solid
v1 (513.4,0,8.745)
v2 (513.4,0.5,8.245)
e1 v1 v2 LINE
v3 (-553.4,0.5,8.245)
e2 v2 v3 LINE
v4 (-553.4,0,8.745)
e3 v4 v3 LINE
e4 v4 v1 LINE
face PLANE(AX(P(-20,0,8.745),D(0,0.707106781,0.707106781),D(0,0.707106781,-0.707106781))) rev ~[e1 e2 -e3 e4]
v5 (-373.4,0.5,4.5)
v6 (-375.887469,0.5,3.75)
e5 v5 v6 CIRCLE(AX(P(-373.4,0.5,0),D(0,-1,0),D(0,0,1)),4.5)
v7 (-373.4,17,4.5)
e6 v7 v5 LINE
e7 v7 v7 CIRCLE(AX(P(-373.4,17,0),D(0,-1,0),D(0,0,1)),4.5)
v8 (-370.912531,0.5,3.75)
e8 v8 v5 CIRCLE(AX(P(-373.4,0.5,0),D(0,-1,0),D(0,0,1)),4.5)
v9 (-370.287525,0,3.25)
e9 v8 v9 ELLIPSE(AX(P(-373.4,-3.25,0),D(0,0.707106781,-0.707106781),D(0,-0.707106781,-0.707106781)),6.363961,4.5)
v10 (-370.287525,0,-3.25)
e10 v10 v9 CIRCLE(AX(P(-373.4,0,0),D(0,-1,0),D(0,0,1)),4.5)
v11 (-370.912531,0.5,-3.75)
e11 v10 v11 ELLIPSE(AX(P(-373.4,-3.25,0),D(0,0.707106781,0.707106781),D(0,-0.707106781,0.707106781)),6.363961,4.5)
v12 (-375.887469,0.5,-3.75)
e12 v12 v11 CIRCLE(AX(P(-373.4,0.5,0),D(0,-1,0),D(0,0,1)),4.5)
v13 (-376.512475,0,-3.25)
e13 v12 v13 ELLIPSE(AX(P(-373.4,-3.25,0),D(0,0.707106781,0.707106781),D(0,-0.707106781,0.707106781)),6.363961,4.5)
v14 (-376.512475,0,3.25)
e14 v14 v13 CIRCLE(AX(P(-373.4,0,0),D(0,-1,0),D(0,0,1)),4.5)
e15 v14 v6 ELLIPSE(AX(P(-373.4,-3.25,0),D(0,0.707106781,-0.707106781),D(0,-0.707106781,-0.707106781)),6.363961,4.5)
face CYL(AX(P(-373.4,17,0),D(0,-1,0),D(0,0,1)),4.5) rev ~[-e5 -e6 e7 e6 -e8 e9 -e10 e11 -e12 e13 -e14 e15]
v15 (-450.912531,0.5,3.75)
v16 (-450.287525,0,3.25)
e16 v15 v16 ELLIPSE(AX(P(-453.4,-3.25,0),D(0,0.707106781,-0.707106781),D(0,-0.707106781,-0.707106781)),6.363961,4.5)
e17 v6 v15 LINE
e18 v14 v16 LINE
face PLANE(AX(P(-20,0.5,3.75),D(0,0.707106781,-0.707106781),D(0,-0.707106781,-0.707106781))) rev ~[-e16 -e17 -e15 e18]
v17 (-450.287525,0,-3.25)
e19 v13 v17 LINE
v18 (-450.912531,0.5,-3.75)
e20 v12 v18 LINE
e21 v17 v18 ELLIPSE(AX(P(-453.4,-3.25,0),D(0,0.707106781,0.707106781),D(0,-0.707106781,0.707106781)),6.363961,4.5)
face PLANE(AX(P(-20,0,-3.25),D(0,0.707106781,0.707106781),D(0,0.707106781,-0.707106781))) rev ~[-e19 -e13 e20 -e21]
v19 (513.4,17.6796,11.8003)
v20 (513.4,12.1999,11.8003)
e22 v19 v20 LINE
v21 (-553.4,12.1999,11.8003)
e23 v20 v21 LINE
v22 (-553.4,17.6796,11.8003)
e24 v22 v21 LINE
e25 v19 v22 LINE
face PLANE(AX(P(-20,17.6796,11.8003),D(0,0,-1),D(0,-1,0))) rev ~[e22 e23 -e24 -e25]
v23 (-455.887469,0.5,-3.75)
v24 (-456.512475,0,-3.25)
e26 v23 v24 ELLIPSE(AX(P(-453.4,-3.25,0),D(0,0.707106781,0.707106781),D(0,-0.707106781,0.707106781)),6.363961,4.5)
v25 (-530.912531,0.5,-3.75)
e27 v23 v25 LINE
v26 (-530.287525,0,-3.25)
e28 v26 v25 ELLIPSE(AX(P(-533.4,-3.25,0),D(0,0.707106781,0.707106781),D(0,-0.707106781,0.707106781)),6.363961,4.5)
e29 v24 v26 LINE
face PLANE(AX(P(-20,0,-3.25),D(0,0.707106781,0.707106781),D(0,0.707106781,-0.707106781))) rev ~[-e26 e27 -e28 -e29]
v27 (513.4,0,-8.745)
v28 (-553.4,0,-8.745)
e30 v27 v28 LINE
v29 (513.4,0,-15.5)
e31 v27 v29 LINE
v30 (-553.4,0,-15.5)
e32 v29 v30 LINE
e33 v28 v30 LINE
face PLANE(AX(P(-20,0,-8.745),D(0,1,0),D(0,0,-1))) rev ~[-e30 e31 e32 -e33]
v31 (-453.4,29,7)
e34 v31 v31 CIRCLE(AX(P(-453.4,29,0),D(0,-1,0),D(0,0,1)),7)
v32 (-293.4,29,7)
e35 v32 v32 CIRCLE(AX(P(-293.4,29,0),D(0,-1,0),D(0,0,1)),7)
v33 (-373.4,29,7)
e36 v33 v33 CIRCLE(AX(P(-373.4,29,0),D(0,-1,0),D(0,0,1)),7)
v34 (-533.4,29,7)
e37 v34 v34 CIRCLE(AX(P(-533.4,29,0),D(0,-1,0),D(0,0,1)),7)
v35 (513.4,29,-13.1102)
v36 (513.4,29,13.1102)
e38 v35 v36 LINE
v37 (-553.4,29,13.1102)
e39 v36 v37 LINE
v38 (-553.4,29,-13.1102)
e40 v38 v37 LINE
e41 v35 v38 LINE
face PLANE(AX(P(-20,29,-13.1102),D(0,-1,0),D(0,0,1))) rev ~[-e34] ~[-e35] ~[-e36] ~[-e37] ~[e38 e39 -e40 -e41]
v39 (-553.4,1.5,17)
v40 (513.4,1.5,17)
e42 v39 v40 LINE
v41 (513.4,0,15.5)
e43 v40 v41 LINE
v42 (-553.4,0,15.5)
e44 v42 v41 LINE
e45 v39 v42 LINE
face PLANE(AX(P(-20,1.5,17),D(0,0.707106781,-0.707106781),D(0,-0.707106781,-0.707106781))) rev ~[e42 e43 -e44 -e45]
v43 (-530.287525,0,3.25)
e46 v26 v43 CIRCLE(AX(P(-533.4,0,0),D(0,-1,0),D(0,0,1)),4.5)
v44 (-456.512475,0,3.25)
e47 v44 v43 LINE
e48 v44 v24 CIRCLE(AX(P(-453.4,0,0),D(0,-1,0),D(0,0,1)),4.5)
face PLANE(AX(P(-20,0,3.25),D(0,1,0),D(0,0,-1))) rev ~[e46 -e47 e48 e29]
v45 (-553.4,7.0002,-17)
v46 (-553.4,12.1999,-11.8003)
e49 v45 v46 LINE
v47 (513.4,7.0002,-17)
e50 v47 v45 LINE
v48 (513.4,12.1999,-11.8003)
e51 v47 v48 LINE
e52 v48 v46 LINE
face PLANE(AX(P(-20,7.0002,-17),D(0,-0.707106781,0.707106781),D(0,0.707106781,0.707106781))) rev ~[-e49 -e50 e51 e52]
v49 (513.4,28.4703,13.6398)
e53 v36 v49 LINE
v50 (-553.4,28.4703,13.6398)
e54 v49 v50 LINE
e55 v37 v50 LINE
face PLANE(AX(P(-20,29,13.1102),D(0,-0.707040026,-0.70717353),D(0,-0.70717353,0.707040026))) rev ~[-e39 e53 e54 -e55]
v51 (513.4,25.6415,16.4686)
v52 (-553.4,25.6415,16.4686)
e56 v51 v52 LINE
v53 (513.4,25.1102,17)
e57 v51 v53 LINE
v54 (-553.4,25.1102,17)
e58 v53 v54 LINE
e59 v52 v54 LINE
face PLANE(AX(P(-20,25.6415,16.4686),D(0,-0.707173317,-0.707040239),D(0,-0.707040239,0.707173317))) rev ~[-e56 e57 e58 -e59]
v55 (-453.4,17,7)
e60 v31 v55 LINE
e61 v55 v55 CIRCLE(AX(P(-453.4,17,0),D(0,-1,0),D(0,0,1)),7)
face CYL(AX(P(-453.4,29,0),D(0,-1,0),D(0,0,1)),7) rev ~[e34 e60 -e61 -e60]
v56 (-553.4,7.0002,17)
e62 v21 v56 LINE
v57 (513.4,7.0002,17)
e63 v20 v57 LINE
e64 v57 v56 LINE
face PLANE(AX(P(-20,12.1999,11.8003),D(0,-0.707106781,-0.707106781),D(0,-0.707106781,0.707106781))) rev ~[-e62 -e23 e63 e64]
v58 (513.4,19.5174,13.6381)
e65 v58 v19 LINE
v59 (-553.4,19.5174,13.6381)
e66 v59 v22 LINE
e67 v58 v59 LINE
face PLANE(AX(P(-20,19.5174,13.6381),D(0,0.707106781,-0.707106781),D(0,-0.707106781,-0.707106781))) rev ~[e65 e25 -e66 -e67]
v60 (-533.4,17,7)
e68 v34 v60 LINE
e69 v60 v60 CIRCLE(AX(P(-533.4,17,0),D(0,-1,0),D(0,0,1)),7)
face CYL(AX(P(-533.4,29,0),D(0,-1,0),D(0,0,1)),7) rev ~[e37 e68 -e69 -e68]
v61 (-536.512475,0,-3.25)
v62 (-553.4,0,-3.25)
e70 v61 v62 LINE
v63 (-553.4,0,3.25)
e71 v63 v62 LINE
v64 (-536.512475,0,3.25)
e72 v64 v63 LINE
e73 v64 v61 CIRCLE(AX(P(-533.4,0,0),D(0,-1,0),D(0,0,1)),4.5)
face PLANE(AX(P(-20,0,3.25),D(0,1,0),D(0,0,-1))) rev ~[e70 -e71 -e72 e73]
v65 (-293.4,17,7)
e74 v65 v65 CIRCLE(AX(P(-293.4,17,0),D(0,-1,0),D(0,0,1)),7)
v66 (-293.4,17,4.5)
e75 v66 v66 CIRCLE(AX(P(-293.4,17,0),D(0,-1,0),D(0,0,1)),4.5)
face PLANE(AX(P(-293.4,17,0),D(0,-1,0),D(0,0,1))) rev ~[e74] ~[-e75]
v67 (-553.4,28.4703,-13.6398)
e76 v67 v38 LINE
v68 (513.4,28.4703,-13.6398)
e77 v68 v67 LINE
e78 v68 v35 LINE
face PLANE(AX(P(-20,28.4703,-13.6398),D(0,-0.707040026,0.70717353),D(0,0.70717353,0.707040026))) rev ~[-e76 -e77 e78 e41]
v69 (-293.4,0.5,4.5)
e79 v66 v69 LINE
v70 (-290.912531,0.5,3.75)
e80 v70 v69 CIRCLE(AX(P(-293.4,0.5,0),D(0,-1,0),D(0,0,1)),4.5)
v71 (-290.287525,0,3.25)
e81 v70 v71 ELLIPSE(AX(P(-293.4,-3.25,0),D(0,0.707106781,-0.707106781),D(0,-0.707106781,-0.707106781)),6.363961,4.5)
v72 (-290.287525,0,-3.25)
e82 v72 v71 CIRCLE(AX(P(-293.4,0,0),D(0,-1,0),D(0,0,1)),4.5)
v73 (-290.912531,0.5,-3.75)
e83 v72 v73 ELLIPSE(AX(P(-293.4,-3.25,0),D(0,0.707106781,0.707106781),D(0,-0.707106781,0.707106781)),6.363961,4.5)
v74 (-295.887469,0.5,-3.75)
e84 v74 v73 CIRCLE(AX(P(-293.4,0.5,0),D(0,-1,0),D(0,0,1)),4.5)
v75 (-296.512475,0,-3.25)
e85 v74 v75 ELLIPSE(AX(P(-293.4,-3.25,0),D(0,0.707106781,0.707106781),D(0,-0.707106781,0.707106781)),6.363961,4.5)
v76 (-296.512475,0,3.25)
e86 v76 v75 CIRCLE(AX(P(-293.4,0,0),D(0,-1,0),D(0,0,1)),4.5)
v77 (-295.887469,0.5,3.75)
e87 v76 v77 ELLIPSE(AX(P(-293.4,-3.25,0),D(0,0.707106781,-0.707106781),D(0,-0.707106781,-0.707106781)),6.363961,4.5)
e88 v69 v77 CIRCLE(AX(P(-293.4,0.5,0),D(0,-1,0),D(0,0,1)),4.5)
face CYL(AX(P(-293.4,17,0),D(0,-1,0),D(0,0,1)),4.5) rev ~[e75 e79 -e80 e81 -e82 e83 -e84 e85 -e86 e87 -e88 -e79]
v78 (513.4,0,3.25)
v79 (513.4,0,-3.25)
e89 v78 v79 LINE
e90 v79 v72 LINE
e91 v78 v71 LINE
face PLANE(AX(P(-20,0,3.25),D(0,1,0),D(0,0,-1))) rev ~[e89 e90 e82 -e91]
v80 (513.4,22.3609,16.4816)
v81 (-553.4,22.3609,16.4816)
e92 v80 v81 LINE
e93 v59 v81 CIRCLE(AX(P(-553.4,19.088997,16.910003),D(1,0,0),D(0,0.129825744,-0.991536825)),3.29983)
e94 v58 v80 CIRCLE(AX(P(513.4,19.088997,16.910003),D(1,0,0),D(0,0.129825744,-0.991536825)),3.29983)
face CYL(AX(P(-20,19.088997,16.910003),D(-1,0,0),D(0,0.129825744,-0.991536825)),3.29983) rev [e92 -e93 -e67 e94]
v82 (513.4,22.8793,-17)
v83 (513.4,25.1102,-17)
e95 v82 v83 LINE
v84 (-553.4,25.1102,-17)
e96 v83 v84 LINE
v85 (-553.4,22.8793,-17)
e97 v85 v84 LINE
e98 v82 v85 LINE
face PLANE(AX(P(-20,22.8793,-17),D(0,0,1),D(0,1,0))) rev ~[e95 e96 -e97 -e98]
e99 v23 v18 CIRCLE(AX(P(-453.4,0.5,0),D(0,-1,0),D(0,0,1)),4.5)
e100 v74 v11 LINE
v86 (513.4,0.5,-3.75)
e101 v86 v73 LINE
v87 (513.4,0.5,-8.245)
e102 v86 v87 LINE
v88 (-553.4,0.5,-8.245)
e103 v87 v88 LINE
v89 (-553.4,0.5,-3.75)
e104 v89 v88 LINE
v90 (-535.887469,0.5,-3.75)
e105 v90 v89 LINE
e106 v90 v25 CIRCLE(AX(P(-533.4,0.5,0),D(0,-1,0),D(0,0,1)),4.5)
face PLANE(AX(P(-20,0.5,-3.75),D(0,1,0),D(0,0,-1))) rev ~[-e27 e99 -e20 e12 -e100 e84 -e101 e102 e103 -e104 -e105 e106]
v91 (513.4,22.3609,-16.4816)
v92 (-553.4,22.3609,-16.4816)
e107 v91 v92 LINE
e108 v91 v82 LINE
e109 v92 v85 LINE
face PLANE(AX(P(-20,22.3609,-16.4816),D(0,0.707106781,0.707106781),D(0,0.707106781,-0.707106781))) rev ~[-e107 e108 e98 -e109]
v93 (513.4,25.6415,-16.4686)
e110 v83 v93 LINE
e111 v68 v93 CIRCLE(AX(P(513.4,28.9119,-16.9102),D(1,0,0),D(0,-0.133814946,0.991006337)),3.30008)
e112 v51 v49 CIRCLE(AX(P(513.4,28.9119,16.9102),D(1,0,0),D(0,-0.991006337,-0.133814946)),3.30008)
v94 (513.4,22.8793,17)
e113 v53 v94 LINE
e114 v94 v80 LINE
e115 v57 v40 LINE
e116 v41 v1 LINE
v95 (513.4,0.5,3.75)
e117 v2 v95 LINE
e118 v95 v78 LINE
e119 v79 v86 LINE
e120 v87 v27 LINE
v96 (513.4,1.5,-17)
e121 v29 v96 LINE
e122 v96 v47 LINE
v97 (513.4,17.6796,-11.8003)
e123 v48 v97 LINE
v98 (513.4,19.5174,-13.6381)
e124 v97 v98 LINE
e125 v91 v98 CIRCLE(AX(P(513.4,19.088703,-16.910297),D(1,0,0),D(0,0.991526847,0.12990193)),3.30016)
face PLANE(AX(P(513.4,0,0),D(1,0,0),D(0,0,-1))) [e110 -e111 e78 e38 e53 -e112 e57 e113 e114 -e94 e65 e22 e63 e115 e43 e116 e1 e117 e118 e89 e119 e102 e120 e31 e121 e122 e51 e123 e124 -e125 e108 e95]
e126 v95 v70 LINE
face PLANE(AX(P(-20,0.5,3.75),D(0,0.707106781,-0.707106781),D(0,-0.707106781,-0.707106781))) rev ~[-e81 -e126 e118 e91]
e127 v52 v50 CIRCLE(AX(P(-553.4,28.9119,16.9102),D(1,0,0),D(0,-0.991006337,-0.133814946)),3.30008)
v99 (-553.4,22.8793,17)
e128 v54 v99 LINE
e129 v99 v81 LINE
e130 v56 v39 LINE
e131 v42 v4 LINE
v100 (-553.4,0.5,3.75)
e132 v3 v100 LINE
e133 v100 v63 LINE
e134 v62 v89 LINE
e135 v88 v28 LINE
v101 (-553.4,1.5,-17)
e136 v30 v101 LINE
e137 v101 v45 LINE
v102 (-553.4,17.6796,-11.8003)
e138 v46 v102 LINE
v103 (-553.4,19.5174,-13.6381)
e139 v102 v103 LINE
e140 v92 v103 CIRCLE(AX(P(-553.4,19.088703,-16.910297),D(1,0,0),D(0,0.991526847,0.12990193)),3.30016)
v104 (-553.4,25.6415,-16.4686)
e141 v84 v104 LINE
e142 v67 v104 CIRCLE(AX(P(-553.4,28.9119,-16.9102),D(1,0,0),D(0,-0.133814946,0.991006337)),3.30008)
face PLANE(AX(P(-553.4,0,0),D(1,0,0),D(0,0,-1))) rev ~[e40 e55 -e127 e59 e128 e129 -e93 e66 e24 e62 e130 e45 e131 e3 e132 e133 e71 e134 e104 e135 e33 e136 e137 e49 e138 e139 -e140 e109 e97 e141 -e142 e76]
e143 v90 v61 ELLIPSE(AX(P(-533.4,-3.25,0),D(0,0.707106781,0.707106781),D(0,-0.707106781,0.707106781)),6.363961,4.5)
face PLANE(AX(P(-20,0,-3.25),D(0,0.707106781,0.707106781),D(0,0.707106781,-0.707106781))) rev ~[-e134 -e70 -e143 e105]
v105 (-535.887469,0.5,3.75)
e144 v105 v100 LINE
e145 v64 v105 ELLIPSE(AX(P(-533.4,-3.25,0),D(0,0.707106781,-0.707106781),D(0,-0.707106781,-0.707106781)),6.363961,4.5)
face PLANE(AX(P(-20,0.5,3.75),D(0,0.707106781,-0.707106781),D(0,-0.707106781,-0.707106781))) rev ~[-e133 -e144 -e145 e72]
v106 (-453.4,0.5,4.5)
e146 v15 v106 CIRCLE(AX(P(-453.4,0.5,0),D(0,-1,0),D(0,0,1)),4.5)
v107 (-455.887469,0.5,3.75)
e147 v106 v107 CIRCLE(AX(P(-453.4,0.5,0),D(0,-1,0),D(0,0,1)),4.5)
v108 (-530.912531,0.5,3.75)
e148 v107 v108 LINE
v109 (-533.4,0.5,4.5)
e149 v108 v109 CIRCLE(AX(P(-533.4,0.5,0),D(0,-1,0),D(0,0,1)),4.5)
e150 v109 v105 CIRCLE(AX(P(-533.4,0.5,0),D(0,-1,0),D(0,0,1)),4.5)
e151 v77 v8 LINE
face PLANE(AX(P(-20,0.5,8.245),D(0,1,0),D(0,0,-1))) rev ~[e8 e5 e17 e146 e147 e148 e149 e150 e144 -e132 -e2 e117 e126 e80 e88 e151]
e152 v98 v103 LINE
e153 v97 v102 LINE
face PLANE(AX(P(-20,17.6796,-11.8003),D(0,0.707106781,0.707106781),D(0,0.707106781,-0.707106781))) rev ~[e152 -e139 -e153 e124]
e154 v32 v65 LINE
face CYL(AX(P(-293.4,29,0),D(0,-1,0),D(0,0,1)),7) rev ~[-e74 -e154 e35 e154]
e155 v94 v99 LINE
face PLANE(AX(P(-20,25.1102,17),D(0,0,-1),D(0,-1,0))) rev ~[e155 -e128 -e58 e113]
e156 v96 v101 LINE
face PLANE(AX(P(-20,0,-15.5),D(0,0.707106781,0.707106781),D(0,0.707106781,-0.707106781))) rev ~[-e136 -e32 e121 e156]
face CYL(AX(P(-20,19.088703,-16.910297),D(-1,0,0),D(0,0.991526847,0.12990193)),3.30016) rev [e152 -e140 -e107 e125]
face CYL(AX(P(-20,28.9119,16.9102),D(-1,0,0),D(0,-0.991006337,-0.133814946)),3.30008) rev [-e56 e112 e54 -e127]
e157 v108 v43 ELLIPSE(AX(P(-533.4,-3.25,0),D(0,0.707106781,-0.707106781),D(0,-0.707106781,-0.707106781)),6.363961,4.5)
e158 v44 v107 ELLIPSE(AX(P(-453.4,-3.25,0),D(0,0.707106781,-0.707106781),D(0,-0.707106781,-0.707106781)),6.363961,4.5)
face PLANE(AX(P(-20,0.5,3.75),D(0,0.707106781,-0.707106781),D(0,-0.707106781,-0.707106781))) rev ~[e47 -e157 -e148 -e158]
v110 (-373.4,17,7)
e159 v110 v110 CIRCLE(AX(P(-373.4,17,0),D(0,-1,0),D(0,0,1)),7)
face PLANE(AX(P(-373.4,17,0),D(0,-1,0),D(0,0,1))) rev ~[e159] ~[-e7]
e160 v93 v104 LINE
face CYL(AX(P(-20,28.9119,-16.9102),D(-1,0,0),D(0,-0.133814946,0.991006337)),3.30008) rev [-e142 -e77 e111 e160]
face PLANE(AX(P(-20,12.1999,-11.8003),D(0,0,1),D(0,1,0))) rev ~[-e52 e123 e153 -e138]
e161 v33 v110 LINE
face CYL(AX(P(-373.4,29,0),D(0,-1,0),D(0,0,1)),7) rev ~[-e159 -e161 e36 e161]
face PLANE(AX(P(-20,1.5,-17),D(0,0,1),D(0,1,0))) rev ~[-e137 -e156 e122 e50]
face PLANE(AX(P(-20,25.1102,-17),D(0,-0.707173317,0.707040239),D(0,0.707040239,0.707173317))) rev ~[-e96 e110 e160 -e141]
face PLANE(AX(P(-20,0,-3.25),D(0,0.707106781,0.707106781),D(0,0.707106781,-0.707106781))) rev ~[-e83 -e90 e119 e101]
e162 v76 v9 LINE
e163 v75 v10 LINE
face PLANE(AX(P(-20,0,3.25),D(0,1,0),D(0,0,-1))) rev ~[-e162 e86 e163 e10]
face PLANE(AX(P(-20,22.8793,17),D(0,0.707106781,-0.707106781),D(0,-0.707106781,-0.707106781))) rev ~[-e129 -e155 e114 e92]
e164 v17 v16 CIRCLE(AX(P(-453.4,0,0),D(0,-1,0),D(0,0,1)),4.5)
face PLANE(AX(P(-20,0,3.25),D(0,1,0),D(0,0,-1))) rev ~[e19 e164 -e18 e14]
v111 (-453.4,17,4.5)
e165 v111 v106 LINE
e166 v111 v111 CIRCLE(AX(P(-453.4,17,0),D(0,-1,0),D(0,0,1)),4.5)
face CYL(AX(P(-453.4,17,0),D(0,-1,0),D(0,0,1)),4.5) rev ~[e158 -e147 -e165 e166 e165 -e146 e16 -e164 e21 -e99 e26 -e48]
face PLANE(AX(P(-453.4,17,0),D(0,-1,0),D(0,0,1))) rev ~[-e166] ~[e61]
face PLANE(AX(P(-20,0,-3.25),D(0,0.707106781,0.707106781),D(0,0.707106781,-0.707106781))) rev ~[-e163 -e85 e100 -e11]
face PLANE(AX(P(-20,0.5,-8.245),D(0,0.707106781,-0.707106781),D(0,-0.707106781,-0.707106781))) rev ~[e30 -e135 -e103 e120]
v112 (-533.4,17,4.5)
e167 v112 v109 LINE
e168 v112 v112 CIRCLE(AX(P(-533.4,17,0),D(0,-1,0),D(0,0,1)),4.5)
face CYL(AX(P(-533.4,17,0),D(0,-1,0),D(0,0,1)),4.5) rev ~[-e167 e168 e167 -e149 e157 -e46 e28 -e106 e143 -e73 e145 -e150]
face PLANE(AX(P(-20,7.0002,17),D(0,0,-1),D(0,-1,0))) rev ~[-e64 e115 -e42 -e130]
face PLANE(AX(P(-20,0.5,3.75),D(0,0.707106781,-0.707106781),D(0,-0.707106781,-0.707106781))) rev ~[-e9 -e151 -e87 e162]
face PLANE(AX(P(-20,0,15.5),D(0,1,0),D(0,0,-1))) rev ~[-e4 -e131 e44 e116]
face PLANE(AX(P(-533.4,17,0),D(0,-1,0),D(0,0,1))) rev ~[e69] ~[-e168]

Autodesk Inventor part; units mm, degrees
sketch "Sketch_18" plane through (-20, 0, 0) normal (1, 0, 0) x (0, 0, -1)
  line L0 (-17, 1.5) -> (-15.5, 0)
  line L1 (-15.5, 0) -> (-8.745, 0)
  line L2 (-8.745, 0) -> (-8.245, 0.5)
  line L3 (-8.245, 0.5) -> (-3.75, 0.5)
  line L4 (-3.75, 0.5) -> (-3.25, 0)
  line L5 (-3.25, 0) -> (3.25, 0)
  line L6 (3.25, 0) -> (3.75, 0.5)
  line L7 (3.75, 0.5) -> (8.245, 0.5)
  line L8 (8.245, 0.5) -> (8.745, 0)
  line L9 (8.745, 0) -> (15.5, 0)
  line L10 (15.5, 0) -> (17, 1.5)
  line L11 (17, 1.5) -> (17, 7.0002)
  line L12 (17, 7.0002) -> (11.8003, 12.1999)
  line L13 (11.8003, 12.1999) -> (11.8003, 17.6796)
  line L14 (11.8003, 17.6796) -> (13.6381, 19.5174)
  arc A0 (16.4816, 22.3609) -> (13.6381, 19.5174) centre (16.9102, 19.0889) ccw
  line L15 (16.4816, 22.3609) -> (17, 22.8793)
  line L16 (17, 22.8793) -> (17, 25.1102)
  line L17 (17, 25.1102) -> (16.4686, 25.6415)
  arc A1 (13.6398, 28.4703) -> (16.4686, 25.6415) centre (16.9102, 28.9119) ccw
  line L18 (13.6398, 28.4703) -> (13.1102, 29)
  line L19 (13.1102, 29) -> (-13.1102, 29)
  line L20 (-13.1102, 29) -> (-13.6398, 28.4703)
  arc A2 (-16.4686, 25.6415) -> (-13.6398, 28.4703) centre (-16.9102, 28.9119) ccw
  line L21 (-16.4686, 25.6415) -> (-17, 25.1102)
  line L22 (-17, 25.1102) -> (-17, 22.8793)
  line L23 (-17, 22.8793) -> (-16.4816, 22.3609)
  arc A3 (-13.6381, 19.5174) -> (-16.4816, 22.3609) centre (-16.9102, 19.0889) ccw
  line L24 (-13.6381, 19.5174) -> (-11.8003, 17.6796)
  line L25 (-11.8003, 17.6796) -> (-11.8003, 12.1999)
  line L26 (-11.8003, 12.1999) -> (-17, 7.0002)
  line L27 (-17, 7.0002) -> (-17, 1.5)
extrude "Extrusion1" add sketch "Sketch_18" along normal mid plane 1066.8
sketch "Sketch2" plane through (-553.4, 29, 13.1102) normal (0, 1, 0) x (1, 0, 0)
  point P0 (20, 13.1102)
hole "Hole1" at (-533.4, 29, 0) direction (0, -1, 0) diameter 9 depth 29 counterbore diameter 14 counterbore depth 12
pattern_linear "Rectangular Pattern1" count 4 spacing 80 along (1, 0, 0) of "Hole1"
ref_plane "4dummy_XY" through (0, 0, 0) normal (1, 0, 0) x (0, 0, -1)
ref_plane "4dummy_YZ" through (0, 0, 0) normal (0, 0, -1) x (0, 1, 0)
ref_plane "4dummy_ZX" through (0, 0, 0) normal (0, 1, 0) x (1, 0, 0)
ref_plane "4slide_XY" through (-20, 7.5, 0) normal (1, 0, 0) x (0, 0, -1)
ref_plane "4slide_YZ" through (-20, 7.5, 0) normal (0, 0, -1) x (0, 1, 0)
ref_plane "4slide_ZX" through (-20, 7.5, 0) normal (0, 1, 0) x (1, 0, 0)
ref_plane "4track_XY" through (0, 0, 0) normal (0, 0, 1) x (1, 0, 0)
ref_plane "4track_YZ" through (0, 0, 0) normal (1, 0, 0) x (0, 1, 0)
ref_plane "4track_ZX" through (0, 0, 0) normal (0, 1, 0) x (0, 0, 1)
properties part number "HSR35R128020 Rail"
